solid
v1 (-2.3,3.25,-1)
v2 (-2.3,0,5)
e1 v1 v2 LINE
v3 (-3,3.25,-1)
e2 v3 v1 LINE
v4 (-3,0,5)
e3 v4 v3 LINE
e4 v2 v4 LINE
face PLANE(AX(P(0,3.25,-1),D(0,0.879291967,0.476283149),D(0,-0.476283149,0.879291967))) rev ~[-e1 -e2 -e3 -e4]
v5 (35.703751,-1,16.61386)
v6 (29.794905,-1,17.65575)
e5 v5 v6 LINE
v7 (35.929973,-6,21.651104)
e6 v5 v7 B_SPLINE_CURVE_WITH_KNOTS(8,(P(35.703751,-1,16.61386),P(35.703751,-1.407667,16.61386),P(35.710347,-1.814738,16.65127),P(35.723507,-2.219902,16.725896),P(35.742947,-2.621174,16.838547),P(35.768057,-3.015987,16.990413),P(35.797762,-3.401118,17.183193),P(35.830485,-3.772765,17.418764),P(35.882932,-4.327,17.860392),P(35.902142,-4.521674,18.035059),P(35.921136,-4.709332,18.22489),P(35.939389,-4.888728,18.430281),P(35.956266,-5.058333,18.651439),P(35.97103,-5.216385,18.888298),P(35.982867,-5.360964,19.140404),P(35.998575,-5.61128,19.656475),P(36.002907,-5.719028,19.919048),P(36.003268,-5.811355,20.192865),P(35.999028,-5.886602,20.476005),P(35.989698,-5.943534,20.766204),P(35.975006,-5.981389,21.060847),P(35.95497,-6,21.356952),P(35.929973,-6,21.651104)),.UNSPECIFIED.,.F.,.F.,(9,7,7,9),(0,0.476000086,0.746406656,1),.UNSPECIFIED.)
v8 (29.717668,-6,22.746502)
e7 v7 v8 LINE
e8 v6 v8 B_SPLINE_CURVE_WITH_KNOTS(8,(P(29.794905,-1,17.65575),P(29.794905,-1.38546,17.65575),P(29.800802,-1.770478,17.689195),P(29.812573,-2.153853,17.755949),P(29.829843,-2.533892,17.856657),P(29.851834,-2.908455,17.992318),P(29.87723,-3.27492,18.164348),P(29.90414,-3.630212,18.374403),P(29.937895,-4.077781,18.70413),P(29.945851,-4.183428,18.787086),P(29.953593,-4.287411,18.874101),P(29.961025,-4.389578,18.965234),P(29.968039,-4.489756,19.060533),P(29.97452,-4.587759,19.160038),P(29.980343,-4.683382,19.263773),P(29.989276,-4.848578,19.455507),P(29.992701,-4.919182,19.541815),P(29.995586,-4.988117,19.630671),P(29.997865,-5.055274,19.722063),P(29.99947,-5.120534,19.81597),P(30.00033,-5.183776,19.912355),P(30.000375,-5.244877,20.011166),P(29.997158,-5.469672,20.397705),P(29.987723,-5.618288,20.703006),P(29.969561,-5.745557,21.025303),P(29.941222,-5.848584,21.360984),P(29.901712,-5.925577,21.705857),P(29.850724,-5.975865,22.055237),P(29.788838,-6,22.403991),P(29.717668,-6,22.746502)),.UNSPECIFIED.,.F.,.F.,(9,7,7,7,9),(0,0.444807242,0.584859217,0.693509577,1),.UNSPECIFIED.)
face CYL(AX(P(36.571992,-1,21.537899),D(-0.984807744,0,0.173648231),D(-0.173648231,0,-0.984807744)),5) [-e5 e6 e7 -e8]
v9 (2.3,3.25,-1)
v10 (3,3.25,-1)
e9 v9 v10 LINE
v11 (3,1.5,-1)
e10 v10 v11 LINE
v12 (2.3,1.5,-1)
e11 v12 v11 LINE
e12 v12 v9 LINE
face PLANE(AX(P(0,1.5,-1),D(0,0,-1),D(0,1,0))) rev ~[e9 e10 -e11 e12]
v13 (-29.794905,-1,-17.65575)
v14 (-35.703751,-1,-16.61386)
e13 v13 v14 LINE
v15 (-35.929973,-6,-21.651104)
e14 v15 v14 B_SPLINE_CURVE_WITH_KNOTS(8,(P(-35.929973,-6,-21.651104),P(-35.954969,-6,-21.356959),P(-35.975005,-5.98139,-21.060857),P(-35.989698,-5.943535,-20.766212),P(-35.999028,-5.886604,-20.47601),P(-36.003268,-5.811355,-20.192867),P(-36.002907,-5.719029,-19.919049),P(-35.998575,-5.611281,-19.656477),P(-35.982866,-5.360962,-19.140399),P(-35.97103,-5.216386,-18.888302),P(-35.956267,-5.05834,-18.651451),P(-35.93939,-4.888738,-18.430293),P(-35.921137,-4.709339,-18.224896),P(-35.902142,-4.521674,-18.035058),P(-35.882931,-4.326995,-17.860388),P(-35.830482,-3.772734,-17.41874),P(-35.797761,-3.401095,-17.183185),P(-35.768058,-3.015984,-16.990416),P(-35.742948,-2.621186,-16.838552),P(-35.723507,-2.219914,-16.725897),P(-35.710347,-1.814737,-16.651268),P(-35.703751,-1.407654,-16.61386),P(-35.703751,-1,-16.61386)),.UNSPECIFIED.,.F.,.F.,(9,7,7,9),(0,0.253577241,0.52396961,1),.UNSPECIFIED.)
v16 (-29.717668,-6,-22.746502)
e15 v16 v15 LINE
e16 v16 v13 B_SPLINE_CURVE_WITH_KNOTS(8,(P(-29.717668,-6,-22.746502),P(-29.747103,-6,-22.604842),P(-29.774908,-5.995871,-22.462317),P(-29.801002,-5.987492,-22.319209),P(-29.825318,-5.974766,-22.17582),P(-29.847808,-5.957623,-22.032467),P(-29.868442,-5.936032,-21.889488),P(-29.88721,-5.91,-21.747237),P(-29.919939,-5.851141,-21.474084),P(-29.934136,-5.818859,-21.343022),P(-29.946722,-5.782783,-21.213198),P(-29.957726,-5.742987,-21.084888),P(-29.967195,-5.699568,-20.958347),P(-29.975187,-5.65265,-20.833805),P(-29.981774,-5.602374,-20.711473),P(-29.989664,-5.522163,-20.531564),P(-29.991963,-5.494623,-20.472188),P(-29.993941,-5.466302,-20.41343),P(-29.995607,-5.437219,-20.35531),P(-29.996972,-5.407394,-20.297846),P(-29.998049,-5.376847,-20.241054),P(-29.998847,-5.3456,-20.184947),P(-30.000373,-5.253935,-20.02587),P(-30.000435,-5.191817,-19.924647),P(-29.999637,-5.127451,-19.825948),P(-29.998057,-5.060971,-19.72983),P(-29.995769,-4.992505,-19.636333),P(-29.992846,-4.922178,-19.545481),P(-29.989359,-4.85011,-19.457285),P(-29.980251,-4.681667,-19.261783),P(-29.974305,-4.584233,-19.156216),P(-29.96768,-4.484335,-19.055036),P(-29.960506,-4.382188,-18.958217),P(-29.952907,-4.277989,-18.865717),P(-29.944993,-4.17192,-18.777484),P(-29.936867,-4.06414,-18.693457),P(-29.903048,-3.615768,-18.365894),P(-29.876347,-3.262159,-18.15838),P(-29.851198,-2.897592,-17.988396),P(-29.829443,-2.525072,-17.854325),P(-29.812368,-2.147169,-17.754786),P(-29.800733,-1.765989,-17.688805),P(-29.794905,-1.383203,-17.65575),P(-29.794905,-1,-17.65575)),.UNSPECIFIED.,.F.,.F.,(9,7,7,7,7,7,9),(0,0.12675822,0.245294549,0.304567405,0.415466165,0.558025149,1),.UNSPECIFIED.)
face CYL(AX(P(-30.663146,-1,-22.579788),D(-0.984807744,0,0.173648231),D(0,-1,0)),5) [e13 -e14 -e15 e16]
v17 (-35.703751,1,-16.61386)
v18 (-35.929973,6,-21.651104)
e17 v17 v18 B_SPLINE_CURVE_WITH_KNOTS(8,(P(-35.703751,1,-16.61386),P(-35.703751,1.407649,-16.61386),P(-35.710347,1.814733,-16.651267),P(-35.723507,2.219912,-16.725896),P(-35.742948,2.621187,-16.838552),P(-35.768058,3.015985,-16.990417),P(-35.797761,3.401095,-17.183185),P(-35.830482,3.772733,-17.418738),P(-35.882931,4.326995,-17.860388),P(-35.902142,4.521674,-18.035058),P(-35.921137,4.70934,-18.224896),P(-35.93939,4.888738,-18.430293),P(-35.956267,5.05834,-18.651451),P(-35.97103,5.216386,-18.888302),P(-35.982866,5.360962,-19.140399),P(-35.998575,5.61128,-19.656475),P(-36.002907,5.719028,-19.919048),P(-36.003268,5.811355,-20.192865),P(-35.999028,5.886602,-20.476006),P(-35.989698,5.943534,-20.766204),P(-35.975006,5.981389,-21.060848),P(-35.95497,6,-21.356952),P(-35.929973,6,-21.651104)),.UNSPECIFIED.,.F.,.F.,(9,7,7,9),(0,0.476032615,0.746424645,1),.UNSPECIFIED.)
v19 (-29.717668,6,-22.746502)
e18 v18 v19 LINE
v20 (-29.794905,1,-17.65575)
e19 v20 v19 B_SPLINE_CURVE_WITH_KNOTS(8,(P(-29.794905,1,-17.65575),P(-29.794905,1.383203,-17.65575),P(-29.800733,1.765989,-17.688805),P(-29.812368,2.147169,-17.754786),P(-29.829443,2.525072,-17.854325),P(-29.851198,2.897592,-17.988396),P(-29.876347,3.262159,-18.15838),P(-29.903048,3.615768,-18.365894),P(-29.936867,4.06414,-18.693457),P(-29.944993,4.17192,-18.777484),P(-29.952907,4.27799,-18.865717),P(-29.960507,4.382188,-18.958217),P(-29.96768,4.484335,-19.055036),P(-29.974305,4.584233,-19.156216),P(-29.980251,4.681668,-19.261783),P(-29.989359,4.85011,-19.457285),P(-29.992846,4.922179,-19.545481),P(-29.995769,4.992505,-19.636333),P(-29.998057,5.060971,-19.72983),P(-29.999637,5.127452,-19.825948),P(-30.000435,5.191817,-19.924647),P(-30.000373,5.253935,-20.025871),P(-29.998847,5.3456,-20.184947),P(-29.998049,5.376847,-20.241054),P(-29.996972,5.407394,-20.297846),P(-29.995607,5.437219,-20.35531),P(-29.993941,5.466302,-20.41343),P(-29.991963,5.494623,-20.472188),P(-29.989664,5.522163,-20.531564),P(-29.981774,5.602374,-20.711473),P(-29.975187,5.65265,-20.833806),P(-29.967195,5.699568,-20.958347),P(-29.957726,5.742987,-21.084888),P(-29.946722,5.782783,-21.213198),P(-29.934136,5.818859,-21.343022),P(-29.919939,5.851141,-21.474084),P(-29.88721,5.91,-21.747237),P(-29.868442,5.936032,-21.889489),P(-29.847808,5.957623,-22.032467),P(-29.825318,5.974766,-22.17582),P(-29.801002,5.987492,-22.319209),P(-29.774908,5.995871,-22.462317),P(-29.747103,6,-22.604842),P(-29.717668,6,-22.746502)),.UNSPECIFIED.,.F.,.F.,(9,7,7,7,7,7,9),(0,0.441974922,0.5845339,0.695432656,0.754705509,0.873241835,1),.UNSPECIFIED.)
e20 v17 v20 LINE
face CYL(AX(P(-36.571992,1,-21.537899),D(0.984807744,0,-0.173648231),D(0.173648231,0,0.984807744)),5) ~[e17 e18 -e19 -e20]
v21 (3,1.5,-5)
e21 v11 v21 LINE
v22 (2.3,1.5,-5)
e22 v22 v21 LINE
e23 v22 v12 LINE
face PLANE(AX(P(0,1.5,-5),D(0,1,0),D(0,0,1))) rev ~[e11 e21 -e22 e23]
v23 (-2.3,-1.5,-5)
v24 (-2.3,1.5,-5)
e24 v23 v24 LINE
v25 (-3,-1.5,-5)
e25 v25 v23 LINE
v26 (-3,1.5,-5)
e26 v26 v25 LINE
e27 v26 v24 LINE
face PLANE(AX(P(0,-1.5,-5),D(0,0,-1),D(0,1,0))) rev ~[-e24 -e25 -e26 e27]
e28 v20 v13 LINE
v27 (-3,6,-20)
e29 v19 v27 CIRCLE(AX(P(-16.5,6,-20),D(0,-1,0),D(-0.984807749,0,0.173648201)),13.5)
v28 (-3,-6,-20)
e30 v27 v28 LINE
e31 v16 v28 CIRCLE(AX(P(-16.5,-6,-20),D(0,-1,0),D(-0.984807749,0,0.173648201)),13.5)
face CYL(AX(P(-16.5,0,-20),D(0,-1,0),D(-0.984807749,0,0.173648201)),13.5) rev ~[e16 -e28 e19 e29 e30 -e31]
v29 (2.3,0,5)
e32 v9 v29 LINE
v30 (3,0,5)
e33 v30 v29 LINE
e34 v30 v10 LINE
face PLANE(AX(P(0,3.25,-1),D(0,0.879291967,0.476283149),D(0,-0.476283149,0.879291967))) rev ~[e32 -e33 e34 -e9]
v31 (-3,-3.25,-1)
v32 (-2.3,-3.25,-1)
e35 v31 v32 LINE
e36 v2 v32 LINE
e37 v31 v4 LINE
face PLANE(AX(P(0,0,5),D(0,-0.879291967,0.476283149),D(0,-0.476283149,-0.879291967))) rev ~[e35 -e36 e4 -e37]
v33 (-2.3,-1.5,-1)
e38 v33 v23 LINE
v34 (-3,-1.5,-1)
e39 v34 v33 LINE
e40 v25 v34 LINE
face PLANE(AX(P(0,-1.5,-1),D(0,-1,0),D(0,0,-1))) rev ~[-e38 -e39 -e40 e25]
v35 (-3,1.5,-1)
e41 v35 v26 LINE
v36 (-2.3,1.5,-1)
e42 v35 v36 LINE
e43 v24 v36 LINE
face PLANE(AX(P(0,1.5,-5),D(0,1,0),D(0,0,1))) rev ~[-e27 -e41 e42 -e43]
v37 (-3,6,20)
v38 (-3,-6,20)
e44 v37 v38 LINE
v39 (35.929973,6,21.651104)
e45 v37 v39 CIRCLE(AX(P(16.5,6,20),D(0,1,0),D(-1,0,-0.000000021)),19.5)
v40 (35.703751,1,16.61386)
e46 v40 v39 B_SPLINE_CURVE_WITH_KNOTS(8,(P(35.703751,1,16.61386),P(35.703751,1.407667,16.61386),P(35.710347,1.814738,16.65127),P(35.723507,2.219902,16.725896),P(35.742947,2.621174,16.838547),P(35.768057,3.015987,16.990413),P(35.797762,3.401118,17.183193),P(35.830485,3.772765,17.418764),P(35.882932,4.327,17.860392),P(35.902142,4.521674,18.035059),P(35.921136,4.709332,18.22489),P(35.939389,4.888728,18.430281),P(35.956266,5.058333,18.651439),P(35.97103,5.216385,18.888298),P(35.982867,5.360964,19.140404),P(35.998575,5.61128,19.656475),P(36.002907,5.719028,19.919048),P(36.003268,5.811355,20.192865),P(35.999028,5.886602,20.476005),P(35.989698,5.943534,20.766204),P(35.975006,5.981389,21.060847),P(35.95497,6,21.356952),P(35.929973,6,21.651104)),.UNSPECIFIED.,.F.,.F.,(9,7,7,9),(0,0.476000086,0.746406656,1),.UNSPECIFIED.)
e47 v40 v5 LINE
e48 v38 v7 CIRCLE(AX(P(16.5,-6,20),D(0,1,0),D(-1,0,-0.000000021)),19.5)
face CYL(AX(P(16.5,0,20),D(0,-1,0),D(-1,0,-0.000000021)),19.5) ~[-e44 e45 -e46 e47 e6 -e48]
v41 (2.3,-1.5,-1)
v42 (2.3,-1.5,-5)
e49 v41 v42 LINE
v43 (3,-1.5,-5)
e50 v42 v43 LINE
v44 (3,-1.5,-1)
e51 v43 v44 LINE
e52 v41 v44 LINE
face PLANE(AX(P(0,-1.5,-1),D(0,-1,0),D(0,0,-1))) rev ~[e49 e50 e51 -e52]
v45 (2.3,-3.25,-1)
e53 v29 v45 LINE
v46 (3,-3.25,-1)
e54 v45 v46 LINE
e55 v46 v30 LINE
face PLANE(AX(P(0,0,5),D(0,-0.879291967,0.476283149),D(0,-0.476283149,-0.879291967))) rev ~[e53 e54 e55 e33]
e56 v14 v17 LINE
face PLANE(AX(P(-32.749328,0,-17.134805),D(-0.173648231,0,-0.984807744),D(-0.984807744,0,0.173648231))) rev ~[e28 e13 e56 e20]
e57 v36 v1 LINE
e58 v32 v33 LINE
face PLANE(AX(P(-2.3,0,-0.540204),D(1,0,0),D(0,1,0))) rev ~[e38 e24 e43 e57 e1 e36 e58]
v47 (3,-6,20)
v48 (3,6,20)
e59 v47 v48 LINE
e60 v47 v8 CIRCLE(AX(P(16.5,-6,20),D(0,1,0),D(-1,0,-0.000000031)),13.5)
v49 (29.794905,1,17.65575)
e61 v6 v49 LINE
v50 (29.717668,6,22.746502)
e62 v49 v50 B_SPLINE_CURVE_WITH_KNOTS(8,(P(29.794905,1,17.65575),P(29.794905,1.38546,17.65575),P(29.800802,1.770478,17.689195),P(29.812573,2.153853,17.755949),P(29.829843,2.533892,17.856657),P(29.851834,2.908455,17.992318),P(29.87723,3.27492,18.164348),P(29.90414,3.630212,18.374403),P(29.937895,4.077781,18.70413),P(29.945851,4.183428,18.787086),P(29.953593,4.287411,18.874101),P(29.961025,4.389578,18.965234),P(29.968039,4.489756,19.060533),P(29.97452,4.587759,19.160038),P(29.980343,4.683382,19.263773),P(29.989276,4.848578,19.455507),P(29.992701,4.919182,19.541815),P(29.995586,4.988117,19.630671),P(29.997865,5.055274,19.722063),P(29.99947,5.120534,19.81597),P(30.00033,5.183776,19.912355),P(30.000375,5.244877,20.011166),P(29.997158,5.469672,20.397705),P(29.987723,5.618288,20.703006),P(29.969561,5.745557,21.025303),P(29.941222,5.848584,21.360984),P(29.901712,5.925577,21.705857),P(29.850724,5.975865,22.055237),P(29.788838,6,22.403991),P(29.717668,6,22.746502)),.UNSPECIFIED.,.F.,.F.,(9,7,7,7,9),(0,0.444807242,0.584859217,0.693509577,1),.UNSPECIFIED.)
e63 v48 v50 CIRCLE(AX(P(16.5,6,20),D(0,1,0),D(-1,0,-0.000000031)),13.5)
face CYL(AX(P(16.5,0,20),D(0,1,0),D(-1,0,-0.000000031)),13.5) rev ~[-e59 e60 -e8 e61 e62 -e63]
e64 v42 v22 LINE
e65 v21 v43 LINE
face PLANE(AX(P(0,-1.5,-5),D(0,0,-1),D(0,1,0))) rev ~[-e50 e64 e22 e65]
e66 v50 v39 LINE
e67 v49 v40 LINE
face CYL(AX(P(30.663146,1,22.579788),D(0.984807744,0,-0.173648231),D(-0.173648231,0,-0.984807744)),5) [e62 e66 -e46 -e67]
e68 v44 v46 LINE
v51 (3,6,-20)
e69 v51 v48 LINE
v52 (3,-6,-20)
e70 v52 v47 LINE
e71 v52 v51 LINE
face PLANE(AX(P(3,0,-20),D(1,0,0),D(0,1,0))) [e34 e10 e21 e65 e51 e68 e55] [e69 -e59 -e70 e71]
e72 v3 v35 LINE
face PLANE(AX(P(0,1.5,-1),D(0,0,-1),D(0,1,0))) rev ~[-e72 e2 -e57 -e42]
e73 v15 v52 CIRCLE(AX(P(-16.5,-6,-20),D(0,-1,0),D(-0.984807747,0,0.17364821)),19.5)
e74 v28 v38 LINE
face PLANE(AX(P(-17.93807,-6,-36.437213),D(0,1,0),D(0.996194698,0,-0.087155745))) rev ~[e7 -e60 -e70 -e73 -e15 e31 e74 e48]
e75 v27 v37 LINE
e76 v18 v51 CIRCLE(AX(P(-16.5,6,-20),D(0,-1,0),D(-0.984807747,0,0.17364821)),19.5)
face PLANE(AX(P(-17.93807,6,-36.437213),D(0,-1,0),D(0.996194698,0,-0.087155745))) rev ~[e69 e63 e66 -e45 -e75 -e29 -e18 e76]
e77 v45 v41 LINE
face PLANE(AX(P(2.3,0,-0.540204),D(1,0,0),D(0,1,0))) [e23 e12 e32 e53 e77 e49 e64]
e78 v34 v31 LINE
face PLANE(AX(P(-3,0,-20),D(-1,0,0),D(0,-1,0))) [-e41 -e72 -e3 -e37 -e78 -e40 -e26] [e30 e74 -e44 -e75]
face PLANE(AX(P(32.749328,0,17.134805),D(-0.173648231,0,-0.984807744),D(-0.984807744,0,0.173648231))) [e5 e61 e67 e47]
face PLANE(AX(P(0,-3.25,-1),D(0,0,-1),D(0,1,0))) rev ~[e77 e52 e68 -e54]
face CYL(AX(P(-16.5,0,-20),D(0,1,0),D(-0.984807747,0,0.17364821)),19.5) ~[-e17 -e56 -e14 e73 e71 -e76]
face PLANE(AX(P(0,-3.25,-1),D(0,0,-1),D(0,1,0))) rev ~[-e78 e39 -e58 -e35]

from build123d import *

# Parameters (mm, degrees)
SKETCH003_W       = 6
SKETCH003_H       = 12
POCKET_DEPTH      = 36.001
POCKET_DEPTH_BACK = 36.001
FILLET_R          = 5
PAD_DEPTH         = 2.3


with BuildPart() as part:
    # AdditivePipe: sweep along a path in Sketch
    with BuildLine(Plane.XZ) as additivepipe_path:
        ThreePointArc((-32.749328, -17.134805), (-17.93807, -36.437213), (0, -20))
        Line((0, -20), (0, 20))
        ThreePointArc((0, 20), (17.93807, 36.437213), (32.749328, 17.134805))
    # Sketch003 → AdditivePipe (sweep)
    with BuildSketch(Plane.XY):
        Rectangle(SKETCH003_W, SKETCH003_H)
    sweep(path=additivepipe_path.line)

    # Sketch002 → Pocket (cut, two sides)
    with BuildSketch(Plane.YZ) as pocket_sk:
        Polygon((3.25, -1), (0, 5), (-3.25, -1), (-1.5, -1), (-1.5, -5), (1.5, -5), (1.5, -1), align=None)
    extrude(amount=-POCKET_DEPTH, mode=Mode.SUBTRACT)
    extrude(pocket_sk.sketch, amount=POCKET_DEPTH_BACK, mode=Mode.SUBTRACT)

    # Fillet
    fillet_edges = [part.edges().sort_by_distance(p)[0] for p in [
        (32.749328, 6, 17.134805),
        (32.749328, -6, 17.134805),
        (-32.749328, -6, -17.134805),
        (-32.749328, 6, -17.134805),
    ]]
    fillet(fillet_edges, radius=FILLET_R)

    # Sketch002 → Pad (join, symmetric)
    with BuildSketch(Plane.YZ):
        Polygon((3.25, -1), (0, 5), (-3.25, -1), (-1.5, -1), (-1.5, -5), (1.5, -5), (1.5, -1), align=None)
    extrude(amount=PAD_DEPTH, both=True)


solid = part.part
